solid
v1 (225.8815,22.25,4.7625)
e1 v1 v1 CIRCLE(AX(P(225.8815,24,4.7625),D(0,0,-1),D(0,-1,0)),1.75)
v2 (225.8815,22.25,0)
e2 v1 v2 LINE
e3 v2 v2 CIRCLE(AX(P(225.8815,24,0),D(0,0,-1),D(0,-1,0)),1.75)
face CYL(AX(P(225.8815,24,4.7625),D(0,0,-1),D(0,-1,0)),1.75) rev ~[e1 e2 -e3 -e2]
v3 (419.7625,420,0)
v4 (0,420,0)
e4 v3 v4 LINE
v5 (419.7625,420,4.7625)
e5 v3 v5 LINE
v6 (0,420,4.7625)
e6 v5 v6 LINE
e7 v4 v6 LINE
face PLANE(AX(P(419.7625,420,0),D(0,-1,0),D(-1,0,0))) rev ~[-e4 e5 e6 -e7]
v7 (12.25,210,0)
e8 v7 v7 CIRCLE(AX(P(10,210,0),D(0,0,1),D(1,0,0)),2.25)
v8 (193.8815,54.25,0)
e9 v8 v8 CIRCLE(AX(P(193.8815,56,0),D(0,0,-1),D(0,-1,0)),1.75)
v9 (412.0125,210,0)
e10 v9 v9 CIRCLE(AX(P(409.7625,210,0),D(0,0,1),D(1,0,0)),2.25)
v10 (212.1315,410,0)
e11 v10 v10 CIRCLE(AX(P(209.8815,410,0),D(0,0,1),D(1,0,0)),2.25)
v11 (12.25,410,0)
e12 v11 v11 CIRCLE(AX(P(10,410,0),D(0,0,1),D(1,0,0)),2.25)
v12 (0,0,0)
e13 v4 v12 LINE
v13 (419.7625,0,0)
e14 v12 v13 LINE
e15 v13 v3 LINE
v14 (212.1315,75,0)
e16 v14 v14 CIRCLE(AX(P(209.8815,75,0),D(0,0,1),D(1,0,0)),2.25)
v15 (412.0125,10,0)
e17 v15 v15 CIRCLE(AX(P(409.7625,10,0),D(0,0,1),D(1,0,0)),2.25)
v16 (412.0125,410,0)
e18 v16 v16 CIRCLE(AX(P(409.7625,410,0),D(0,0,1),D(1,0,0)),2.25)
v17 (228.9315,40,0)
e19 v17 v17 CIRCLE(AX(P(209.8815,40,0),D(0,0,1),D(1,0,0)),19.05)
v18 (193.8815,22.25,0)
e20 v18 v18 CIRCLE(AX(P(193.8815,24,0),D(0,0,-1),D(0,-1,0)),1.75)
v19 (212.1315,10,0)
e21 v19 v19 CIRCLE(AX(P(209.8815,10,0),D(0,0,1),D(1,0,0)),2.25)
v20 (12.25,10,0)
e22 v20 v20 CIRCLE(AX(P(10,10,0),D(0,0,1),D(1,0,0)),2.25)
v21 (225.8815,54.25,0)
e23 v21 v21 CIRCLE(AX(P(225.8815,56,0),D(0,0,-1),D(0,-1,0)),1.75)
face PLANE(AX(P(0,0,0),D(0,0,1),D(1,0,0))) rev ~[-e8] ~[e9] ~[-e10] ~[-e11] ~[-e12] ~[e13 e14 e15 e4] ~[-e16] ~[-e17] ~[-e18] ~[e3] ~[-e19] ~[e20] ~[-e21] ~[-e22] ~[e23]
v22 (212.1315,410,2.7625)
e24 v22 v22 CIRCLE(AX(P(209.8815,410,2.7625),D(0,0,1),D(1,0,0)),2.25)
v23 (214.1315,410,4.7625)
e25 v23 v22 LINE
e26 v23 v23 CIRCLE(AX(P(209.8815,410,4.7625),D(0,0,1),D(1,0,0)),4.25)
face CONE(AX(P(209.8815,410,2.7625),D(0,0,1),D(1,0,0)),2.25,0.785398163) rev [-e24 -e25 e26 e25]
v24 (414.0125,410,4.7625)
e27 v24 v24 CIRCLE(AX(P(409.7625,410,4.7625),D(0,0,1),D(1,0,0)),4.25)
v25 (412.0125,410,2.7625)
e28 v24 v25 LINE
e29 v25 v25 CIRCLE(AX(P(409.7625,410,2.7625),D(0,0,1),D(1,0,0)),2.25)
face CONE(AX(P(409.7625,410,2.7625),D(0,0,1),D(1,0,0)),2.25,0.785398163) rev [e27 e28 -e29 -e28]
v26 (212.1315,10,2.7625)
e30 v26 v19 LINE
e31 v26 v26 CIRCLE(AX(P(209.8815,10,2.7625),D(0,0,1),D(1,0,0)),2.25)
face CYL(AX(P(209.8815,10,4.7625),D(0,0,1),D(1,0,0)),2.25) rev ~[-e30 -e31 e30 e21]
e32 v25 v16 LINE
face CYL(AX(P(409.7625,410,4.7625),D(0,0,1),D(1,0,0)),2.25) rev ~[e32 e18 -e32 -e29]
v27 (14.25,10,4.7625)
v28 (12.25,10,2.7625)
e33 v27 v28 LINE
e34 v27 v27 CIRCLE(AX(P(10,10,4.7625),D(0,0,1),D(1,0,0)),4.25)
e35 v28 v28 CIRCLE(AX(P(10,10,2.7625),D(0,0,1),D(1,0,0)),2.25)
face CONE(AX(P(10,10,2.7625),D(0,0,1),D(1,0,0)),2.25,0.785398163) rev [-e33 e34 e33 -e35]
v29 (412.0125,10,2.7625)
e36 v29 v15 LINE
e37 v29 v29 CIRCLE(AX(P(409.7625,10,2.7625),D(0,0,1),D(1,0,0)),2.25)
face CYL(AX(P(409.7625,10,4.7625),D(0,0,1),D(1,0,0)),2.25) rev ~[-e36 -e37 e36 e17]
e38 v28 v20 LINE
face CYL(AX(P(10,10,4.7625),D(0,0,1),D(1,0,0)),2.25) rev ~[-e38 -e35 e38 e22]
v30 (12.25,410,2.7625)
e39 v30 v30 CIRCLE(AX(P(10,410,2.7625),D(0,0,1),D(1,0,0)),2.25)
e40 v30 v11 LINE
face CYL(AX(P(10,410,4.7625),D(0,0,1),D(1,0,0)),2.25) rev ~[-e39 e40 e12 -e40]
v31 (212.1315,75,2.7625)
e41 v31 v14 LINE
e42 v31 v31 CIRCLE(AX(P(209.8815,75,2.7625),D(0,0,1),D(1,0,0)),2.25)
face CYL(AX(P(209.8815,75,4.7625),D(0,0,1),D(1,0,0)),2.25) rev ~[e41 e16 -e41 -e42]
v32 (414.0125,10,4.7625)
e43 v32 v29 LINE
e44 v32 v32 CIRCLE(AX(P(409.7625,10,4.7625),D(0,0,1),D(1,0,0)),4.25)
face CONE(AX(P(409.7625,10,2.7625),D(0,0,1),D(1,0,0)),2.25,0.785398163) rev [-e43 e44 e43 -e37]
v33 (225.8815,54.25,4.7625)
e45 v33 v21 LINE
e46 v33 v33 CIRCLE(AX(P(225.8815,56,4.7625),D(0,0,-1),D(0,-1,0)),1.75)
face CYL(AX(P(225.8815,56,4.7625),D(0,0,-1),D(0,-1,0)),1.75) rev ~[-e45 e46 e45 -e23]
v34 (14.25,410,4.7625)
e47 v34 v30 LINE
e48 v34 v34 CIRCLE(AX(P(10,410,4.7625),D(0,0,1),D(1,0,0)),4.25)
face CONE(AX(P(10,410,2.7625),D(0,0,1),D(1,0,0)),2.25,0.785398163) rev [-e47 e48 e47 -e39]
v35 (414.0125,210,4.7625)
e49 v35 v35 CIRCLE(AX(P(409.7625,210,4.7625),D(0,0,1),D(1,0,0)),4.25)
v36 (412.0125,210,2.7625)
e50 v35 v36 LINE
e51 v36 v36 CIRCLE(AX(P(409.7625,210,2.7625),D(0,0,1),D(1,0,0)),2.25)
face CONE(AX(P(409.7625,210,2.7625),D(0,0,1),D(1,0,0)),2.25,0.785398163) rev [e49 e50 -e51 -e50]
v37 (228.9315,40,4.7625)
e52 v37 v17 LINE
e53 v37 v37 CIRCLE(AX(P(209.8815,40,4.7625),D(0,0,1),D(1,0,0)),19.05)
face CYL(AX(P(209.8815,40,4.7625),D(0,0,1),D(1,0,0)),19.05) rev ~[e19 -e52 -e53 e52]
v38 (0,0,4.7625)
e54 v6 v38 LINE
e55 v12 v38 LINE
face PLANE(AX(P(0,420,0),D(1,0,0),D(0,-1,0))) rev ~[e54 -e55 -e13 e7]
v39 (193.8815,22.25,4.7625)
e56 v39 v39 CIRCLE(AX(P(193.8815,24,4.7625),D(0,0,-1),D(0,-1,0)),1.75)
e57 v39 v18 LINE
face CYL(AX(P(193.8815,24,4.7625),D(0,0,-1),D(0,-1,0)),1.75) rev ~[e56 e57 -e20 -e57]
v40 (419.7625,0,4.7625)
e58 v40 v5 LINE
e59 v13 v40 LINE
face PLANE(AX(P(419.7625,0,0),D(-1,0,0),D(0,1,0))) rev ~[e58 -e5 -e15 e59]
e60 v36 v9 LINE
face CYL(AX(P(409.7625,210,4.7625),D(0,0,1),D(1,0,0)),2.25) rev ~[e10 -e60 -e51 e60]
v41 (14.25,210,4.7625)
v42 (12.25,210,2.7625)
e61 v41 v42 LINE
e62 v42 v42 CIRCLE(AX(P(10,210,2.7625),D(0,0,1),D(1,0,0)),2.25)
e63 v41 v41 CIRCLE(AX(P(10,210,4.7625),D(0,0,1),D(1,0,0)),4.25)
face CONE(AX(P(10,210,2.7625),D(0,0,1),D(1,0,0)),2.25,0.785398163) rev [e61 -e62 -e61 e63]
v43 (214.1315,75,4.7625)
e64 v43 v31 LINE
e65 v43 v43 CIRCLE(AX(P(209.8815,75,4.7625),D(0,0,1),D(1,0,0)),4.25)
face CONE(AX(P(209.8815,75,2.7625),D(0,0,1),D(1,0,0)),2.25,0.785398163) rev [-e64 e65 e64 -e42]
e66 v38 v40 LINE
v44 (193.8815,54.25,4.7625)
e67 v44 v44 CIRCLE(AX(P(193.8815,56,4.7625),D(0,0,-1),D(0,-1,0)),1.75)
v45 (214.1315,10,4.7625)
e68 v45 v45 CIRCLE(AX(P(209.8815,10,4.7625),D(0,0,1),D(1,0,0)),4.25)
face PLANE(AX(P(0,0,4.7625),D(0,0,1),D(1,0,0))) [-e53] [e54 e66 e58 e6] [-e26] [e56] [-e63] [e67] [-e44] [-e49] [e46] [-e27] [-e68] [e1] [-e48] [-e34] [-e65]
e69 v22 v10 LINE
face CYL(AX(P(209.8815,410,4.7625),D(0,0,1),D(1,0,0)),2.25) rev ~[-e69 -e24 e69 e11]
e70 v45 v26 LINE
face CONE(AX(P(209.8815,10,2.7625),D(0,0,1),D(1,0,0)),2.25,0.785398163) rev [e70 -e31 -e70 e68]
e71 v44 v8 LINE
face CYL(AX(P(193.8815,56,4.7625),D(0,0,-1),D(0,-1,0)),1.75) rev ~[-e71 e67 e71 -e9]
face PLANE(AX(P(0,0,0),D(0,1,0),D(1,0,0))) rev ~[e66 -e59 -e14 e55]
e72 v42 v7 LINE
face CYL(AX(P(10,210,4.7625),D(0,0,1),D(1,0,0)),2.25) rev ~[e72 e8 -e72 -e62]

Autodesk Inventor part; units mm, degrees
ref_plane "YZ Plane" through (0, 0, 0) normal (1, 0, 0) x (0, 1, 0)
ref_plane "XZ Plane" through (0, 0, 0) normal (0, 1, 0) x (-1, 0, 0)
ref_plane "XY Plane" through (0, 0, 0) normal (0, 0, 1) x (1, 0, 0)
sketch "Sketch1" plane through (0, 0, 0) normal (0, 0, 1) x (1, 0, 0)
  line L0 (0, 0) -> (419.7625, 0)
  line L1 (419.7625, 0) -> (419.7625, 420)
  line L2 (419.7625, 420) -> (0, 420)
  line L3 (0, 420) -> (0, 0)
  dimension "d0" = 419.7625
  dimension "d1" = 420
extrude "Extrusion1" add sketch "Sketch1" along normal blind 4.7625
sketch "Sketch3" plane through (0, 0, 4.7625) normal (0, 0, 1) x (1, 0, 0)
  line L0 (0, 0) -> (419.7625, 0) projected
  line L1 (0, 420) -> (0, 0) projected
  circle A0 centre (209.8815, 40) radius 19.05
  dimension "d13" = 38.1
  dimension "d14" = 209.8815
  dimension "d30" = 40
extrude "Extrusion2" cut sketch "Sketch3" against normal up to next
sketch "Sketch5" plane through (0, 0, 4.7625) normal (0, 0, 1) x (1, 0, 0)
  circle A0 centre (209.8815, 40) radius 19.05 projected
  point P0 (193.8815, 56)
  point P1 (225.8815, 56)
  point P2 (193.8815, 24)
  point P3 (225.8815, 24)
  dimension "d31" = 32
  dimension "d32" = 32
  dimension "d33" = 16
  dimension "d34" = 16
hole "Hole2" at (193.8815, 56, 4.7625) at (225.8815, 56, 4.7625) at (193.8815, 24, 4.7625) at (225.8815, 24, 4.7625) direction (0, 0, -1) diameter 3.5 end through all
sketch "Sketch6" plane through (0, 0, 4.7625) normal (0, 0, 1) x (1, 0, 0)
  line L0 (0, 0) -> (419.7625, 0) projected
  line L1 (419.7625, 0) -> (419.7625, 420) projected
  line L2 (419.7625, 420) -> (0, 420) projected
  line L3 (0, 420) -> (0, 0) projected
  circle A0 centre (10, 410) radius 2.25
  circle A1 centre (409.7625, 410) radius 2.25
  circle A2 centre (10, 10) radius 2.25
  circle A3 centre (409.7625, 10) radius 2.25
  circle A4 centre (10, 210) radius 2.25
  circle A5 centre (409.7625, 210) radius 2.25
  circle A6 centre (209.8815, 410) radius 2.25
  circle A7 centre (209.8815, 10) radius 2.25
  circle A8 centre (209.8815, 75) radius 2.25
  dimension "d42" = 4.5
  dimension "d43" = 10
  dimension "d44" = 10
  dimension "d45" = 10
  dimension "d46" = 10
  dimension "d47" = 10
  dimension "d48" = 210
  dimension "d51" = 209.8815
  dimension "d55" = 75
extrude "Extrusion3" cut sketch "Sketch6" against normal up to next contours A0 | A1 | A2 | A3 | A4 | A5 | A6 | A7 | A8
chamfer "Chamfer1" distance 2 angle 45 9 edges at (7.75, 410, 4.7625) (207.6315, 410, 4.7625) (407.5125, 410, 4.7625) (407.5125, 210, 4.7625) (7.75, 210, 4.7625) (7.75, 10, 4.7625) (207.6315, 10, 4.7625) (407.5125, 10, 4.7625) (207.6315, 75, 4.7625)
properties part number "EnclosurePanelSide" material "ABS Plastic"
